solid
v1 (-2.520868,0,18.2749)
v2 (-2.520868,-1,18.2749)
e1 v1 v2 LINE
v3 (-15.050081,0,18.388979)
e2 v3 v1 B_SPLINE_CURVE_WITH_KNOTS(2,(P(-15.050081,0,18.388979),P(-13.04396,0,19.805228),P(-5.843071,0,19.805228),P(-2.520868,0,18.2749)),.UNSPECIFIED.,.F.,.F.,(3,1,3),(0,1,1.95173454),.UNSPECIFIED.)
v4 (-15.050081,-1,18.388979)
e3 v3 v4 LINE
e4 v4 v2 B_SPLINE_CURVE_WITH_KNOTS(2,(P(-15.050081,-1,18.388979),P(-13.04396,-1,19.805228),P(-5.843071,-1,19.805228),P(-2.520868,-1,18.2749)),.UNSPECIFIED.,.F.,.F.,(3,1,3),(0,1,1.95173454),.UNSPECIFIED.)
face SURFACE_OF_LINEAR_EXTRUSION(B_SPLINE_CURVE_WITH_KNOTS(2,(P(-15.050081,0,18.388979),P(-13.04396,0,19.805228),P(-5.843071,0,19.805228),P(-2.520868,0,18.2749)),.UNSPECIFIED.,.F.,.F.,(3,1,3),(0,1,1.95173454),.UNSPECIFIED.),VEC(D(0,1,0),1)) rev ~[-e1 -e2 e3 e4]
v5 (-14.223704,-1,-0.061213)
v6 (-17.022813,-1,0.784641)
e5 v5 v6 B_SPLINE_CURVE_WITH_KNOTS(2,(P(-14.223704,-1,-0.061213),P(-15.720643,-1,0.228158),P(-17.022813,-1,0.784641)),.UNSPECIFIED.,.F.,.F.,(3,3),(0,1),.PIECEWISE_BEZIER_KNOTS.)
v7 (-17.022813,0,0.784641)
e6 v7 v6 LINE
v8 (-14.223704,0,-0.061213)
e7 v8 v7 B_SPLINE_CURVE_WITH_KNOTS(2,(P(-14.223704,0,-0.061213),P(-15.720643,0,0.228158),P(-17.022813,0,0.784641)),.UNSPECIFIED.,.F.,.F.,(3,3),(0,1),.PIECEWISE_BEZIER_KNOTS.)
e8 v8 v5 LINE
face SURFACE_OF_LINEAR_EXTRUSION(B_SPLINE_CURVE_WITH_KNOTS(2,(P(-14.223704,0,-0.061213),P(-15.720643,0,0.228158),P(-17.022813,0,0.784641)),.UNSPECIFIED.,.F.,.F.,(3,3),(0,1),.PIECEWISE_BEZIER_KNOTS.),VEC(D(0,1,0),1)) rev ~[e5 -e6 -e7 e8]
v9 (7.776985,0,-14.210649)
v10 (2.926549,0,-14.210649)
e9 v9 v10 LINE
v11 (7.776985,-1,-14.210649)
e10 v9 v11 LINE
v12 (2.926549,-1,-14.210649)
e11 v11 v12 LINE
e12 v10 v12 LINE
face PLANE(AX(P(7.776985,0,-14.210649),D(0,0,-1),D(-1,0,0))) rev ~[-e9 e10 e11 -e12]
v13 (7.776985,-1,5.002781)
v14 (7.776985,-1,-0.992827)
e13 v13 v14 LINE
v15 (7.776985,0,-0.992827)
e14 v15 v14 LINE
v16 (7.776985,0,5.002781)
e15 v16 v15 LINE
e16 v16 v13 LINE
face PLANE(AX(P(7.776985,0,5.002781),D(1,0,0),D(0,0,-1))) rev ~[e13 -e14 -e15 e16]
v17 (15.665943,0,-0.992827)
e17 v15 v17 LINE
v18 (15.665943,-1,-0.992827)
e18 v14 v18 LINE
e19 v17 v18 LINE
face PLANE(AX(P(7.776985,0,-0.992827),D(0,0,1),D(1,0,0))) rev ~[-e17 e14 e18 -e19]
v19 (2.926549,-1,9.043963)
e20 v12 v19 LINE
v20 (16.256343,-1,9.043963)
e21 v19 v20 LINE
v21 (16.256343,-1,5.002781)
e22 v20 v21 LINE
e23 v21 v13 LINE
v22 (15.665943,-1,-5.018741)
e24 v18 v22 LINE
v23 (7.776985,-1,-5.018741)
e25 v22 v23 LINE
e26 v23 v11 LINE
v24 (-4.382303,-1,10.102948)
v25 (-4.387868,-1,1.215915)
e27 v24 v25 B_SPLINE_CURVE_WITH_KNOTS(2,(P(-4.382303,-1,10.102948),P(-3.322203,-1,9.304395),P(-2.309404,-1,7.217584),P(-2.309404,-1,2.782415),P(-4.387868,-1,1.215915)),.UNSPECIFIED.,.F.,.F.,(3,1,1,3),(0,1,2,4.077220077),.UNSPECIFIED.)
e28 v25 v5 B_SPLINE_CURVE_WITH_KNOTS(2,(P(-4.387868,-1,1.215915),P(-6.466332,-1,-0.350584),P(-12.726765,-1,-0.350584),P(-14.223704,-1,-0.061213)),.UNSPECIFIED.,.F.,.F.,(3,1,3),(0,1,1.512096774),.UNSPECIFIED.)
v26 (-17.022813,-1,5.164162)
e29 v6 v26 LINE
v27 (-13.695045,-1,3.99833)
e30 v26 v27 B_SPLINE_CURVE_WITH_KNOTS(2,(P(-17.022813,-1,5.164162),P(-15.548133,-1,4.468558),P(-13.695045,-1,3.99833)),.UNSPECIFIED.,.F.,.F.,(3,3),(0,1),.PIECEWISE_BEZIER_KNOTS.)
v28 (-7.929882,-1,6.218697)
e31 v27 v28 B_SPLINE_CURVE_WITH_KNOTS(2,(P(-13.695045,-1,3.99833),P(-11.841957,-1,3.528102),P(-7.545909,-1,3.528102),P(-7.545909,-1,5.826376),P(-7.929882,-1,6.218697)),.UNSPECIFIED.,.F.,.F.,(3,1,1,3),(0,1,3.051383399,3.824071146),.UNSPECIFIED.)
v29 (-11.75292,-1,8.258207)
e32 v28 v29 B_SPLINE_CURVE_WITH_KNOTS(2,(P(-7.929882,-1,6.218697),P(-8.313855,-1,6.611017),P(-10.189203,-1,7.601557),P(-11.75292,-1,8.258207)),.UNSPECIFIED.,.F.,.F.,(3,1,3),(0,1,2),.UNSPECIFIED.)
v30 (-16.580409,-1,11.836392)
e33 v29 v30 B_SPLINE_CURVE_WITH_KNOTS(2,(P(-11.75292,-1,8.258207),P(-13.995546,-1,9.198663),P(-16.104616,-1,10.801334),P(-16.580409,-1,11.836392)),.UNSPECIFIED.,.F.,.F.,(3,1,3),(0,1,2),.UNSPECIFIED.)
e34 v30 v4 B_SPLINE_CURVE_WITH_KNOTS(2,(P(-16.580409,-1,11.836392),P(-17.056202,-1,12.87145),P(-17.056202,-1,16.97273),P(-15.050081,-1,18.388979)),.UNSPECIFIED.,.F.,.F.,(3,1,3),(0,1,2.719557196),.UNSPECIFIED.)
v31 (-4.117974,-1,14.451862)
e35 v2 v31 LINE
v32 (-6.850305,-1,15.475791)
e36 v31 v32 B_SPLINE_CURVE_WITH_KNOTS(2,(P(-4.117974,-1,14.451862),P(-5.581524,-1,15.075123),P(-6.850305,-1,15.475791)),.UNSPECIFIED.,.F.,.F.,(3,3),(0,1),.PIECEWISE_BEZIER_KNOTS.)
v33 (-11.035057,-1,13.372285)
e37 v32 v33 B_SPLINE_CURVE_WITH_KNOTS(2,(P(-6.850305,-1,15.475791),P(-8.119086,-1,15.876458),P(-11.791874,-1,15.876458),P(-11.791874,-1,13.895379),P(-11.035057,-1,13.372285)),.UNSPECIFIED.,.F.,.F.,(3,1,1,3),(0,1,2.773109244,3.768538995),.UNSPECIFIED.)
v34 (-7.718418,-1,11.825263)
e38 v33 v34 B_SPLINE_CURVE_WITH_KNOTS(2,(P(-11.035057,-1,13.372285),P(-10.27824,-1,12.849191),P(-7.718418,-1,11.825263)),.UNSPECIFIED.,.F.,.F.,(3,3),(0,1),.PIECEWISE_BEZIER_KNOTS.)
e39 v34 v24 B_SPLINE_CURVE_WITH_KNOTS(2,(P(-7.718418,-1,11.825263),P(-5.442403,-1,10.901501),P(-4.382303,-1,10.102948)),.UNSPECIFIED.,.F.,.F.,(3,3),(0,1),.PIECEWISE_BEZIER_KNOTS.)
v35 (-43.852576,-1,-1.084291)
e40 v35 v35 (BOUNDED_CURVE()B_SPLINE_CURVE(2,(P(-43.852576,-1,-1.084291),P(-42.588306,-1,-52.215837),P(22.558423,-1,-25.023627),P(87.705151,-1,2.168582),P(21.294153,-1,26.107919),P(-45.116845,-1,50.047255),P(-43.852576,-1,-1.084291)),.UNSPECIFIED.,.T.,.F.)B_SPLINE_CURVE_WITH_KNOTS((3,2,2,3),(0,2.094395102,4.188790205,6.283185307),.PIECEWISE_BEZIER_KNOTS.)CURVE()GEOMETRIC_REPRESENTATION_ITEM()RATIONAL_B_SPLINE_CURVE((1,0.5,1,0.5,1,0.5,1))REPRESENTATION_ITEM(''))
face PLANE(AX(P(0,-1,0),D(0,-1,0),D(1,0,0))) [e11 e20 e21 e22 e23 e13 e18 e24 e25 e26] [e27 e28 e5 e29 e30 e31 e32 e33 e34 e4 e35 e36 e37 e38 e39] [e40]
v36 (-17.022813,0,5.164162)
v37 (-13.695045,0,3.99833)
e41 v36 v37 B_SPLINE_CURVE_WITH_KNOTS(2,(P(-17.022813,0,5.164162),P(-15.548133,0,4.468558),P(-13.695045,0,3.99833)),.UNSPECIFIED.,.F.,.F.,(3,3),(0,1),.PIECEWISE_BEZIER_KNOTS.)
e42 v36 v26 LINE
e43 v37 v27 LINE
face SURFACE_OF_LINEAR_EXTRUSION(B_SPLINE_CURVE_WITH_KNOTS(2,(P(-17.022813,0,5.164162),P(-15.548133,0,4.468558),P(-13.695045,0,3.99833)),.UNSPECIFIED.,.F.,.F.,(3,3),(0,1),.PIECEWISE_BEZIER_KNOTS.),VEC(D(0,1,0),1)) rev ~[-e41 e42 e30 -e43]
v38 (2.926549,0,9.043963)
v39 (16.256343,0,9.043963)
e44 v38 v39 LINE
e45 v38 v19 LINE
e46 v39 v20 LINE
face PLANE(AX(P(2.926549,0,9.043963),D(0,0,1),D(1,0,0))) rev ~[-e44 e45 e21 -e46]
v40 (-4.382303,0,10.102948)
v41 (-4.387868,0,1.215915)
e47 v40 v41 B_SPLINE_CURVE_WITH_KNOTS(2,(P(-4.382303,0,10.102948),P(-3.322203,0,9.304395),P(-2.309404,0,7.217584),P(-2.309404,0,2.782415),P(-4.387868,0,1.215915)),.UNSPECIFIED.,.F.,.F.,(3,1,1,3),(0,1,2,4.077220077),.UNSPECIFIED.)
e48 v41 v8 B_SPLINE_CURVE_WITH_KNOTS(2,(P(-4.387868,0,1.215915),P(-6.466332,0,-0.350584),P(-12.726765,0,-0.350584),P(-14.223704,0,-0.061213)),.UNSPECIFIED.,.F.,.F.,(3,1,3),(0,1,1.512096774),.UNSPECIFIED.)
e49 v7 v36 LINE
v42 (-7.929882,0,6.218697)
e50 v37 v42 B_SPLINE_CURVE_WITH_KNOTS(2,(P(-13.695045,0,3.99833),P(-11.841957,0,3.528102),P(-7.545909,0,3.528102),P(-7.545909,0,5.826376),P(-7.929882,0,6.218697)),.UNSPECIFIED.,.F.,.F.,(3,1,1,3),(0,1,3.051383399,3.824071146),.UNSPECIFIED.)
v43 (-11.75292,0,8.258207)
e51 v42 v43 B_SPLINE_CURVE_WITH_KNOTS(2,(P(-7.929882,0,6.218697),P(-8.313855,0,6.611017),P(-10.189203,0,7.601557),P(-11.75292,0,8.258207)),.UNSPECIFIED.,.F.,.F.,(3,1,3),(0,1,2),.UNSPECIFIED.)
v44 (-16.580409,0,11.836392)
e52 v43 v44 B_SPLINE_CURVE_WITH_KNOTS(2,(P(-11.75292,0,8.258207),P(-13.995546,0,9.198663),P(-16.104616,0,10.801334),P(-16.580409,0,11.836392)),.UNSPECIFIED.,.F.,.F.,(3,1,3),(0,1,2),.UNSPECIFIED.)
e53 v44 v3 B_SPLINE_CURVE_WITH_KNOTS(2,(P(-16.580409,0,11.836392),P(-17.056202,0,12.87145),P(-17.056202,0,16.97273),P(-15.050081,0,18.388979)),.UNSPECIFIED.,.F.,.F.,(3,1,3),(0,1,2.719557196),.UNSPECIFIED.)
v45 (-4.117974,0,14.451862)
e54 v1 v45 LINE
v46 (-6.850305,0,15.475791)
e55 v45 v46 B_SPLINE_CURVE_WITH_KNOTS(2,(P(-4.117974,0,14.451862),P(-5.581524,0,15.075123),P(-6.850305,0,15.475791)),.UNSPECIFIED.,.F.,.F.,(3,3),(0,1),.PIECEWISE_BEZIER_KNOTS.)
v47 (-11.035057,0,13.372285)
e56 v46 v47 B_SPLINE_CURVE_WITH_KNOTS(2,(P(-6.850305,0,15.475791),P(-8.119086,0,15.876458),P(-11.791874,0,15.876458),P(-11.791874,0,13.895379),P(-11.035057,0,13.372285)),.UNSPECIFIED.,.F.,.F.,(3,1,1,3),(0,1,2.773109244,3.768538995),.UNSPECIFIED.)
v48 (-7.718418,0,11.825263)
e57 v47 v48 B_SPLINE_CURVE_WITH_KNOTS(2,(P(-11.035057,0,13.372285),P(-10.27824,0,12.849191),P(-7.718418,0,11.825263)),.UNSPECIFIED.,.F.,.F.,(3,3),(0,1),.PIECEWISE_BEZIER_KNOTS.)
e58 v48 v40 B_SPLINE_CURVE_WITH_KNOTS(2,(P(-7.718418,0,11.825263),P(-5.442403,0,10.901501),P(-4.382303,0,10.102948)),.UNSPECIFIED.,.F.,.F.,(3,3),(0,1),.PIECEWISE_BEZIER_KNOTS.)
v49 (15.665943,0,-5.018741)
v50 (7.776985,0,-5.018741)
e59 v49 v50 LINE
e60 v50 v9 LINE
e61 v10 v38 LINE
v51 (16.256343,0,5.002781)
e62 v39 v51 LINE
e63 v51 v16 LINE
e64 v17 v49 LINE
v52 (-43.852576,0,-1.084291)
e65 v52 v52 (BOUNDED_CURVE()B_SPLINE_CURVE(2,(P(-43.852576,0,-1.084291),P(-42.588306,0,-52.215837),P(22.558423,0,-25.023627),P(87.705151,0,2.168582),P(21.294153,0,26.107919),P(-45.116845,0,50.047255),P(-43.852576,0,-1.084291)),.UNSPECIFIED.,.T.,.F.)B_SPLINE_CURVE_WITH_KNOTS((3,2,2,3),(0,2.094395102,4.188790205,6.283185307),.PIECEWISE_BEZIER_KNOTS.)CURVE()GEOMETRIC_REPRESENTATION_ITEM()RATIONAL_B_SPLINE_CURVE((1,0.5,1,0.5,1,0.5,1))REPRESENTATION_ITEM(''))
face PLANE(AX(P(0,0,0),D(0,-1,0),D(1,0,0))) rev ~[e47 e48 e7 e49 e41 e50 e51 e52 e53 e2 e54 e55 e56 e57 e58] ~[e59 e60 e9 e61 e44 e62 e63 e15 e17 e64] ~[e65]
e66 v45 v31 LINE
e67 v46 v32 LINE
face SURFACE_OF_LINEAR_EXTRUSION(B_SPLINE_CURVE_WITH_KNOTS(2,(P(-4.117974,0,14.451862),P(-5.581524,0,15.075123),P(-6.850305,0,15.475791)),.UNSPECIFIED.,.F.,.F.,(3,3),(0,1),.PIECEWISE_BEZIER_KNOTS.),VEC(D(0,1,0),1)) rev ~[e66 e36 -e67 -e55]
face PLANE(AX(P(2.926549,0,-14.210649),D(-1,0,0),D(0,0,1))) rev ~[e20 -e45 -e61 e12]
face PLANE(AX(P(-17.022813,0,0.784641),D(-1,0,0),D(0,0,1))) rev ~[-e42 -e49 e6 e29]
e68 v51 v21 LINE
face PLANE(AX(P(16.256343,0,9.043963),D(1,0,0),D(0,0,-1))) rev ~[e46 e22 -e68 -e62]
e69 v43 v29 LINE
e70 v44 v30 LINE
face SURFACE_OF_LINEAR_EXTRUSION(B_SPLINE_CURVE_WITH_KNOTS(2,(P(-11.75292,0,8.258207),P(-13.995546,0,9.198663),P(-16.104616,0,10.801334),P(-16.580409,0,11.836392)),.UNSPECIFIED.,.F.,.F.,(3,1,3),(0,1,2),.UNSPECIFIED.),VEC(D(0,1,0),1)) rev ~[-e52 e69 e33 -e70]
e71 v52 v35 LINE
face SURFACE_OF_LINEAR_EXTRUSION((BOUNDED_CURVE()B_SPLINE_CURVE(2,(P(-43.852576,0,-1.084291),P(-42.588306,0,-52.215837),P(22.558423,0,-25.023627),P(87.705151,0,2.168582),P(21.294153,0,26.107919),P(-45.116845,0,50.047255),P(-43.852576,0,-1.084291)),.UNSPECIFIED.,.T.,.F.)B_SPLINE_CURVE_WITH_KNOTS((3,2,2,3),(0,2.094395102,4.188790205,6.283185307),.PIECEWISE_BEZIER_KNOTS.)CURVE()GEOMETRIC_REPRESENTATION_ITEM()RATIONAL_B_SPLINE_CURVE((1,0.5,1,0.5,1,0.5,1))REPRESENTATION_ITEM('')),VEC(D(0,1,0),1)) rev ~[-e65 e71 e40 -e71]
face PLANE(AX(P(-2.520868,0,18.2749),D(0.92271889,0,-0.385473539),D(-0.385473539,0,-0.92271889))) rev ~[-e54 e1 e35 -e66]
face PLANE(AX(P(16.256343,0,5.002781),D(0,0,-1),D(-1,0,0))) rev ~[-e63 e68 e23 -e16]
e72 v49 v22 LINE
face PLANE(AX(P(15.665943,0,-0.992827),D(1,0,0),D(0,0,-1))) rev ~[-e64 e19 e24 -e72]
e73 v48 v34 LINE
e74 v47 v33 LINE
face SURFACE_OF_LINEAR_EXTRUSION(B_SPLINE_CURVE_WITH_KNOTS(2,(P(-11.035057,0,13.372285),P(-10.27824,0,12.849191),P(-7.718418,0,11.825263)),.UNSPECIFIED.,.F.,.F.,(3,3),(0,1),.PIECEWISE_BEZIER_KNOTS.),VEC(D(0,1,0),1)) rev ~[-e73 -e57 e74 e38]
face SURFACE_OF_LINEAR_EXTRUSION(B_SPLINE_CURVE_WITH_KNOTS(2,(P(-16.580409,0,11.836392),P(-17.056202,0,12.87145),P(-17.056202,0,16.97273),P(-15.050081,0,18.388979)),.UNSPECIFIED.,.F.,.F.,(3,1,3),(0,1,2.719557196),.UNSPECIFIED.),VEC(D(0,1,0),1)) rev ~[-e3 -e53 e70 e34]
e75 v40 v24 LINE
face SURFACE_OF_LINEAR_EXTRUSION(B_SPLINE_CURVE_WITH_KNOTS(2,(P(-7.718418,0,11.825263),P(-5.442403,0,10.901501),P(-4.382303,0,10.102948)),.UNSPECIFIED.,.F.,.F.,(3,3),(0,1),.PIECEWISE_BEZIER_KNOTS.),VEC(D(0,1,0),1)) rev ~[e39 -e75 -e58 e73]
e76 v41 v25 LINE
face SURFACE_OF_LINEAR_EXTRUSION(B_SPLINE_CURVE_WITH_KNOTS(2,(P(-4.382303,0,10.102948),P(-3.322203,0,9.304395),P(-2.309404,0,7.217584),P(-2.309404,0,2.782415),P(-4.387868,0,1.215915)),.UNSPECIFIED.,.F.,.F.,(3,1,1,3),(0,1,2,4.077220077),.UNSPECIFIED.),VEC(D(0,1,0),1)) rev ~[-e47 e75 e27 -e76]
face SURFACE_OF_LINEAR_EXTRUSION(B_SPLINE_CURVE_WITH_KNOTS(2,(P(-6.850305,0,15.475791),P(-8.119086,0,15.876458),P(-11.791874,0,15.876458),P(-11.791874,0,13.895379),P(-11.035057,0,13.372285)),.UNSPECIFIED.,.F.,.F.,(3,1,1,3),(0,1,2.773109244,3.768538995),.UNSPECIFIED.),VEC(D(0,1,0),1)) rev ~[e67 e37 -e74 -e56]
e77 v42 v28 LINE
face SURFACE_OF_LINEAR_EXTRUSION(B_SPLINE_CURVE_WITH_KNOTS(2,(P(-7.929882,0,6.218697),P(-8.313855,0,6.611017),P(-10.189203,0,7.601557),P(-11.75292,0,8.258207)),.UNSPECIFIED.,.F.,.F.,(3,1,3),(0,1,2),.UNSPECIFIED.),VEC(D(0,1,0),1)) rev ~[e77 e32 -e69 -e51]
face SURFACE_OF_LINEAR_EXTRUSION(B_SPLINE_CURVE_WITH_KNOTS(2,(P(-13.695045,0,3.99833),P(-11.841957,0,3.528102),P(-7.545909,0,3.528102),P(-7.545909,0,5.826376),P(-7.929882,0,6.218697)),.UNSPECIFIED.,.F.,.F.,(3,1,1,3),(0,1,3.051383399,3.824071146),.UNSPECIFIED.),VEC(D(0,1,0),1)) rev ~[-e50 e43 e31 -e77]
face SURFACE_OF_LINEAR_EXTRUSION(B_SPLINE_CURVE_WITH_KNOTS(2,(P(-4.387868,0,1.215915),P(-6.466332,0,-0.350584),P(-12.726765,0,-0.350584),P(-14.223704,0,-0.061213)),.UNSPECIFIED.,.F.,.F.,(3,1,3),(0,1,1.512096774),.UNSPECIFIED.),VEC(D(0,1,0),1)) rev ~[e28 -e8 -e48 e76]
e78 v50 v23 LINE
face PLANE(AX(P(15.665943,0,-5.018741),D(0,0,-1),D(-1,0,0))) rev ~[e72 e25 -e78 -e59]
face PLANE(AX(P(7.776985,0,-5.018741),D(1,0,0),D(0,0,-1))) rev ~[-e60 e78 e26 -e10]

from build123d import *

# Parameters (mm, degrees)
F1_DEPTH = 1


with BuildPart() as f1:
    # F0 (on Front) → F1 (new body)
    with BuildSketch(Plane.XZ):
        with BuildLine():
            add(Edge.make_bspline(
                [(-43.8525755348, -1.0842911587), (-42.5883058161, -52.2158372315), (22.5584226268, -25.0236274571), (87.7051510696, 2.1685823173), (21.294152908, 26.1079186158), (-45.1168452535, 50.0472549142), (-43.8525755348, -1.0842911587)],
                knots=[0, 0, 0, 2.0943951024, 2.0943951024, 4.1887902048, 4.1887902048, 6.2831853072, 6.2831853072, 6.2831853072], degree=2, weights=[1, 0.5, 1, 0.5, 1, 0.5, 1]))
        make_face()
        Polygon((7.776985474, -5.0187406021), (7.776985474, -14.210648826), (2.9265488531, -14.210648826), (2.9265488531, 9.0439628433), (16.2563426727, 9.0439628433), (16.2563426727, 5.002780601), (7.776985474, 5.002780601), (7.776985474, -0.9928273103), (15.6659432519, -0.9928273103), (15.6659432519, -5.0187406021), align=None, mode=Mode.SUBTRACT)
        with BuildLine():
            add(Edge.make_bspline(
                [(-2.8158036974, 8.260989306), (-2.3094042182, 7.2175837857), (-2.3094042182, 5.7762929603)],
                knots=[0, 0, 0, 1, 1, 1], degree=2))
            add(Edge.make_bspline(
                [(-2.3094042182, 5.7762929603), (-2.3094042182, 2.7824147208), (-4.3878680147, 1.215915233)],
                knots=[0, 0, 0, 1, 1, 1], degree=2))
            add(Edge.make_bspline(
                [(-4.3878680147, 1.215915233), (-6.4663318111, -0.3505842548), (-10.6065649156, -0.3505842548)],
                knots=[0, 0, 0, 1, 1, 1], degree=2))
            add(Edge.make_bspline(
                [(-10.6065649156, -0.3505842548), (-12.7267649329, -0.3505842548), (-14.2237040526, -0.0612131239)],
                knots=[0, 0, 0, 1, 1, 1], degree=2))
            add(Edge.make_bspline(
                [(-14.2237040526, -0.0612131239), (-15.7206431724, 0.2281580071), (-17.0228132617, 0.7846409513)],
                knots=[0, 0, 0, 1, 1, 1], degree=2))
            Line((-17.0228132617, 0.7846409513), (-17.0228132617, 5.1641617218))
            add(Edge.make_bspline(
                [(-17.0228132617, 5.1641617218), (-15.5481334597, 4.4685580416), (-13.6950452557, 3.9983299538)],
                knots=[0, 0, 0, 1, 1, 1], degree=2))
            add(Edge.make_bspline(
                [(-13.6950452557, 3.9983299538), (-11.8419570516, 3.528101866), (-10.4340552029, 3.528101866)],
                knots=[0, 0, 0, 1, 1, 1], degree=2))
            add(Edge.make_bspline(
                [(-10.4340552029, 3.528101866), (-7.5459087228, 3.528101866), (-7.5459087228, 5.1975506984)],
                knots=[0, 0, 0, 1, 1, 1], degree=2))
            add(Edge.make_bspline(
                [(-7.5459087228, 5.1975506984), (-7.5459087228, 5.8263764253), (-7.9298819542, 6.2186969009)],
                knots=[0, 0, 0, 1, 1, 1], degree=2))
            add(Edge.make_bspline(
                [(-7.9298819542, 6.2186969009), (-8.3138551857, 6.6110173766), (-9.2515289466, 7.1062871969)],
                knots=[0, 0, 0, 1, 1, 1], degree=2))
            add(Edge.make_bspline(
                [(-9.2515289466, 7.1062871969), (-10.1892027075, 7.6015570172), (-11.7529197806, 8.2582068913)],
                knots=[0, 0, 0, 1, 1, 1], degree=2))
            add(Edge.make_bspline(
                [(-11.7529197806, 8.2582068913), (-13.9955460455, 9.1986630669), (-15.0500812247, 9.9999985065)],
                knots=[0, 0, 0, 1, 1, 1], degree=2))
            add(Edge.make_bspline(
                [(-15.0500812247, 9.9999985065), (-16.1046164039, 10.8013339461), (-16.5804093211, 11.8363922222)],
                knots=[0, 0, 0, 1, 1, 1], degree=2))
            add(Edge.make_bspline(
                [(-16.5804093211, 11.8363922222), (-17.0562022384, 12.8714504983), (-17.0562022384, 14.379519277)],
                knots=[0, 0, 0, 1, 1, 1], degree=2))
            add(Edge.make_bspline(
                [(-17.0562022384, 14.379519277), (-17.0562022384, 16.9727297968), (-15.0500812247, 18.3889788896)],
                knots=[0, 0, 0, 1, 1, 1], degree=2))
            add(Edge.make_bspline(
                [(-15.0500812247, 18.3889788896), (-13.043960211, 19.8052279825), (-9.3544782913, 19.8052279825)],
                knots=[0, 0, 0, 1, 1, 1], degree=2))
            add(Edge.make_bspline(
                [(-9.3544782913, 19.8052279825), (-5.8430709136, 19.8052279825), (-2.520867737, 18.2748998861)],
                knots=[0, 0, 0, 1, 1, 1], degree=2))
            Line((-2.520867737, 18.2748998861), (-4.1179737868, 14.4518620597))
            add(Edge.make_bspline(
                [(-4.1179737868, 14.4518620597), (-5.5815239299, 15.0751229572), (-6.8503050426, 15.475790677)],
                knots=[0, 0, 0, 1, 1, 1], degree=2))
            add(Edge.make_bspline(
                [(-6.8503050426, 15.475790677), (-8.1190861552, 15.8764583968), (-9.4435155623, 15.8764583968)],
                knots=[0, 0, 0, 1, 1, 1], degree=2))
            add(Edge.make_bspline(
                [(-9.4435155623, 15.8764583968), (-11.7918735867, 15.8764583968), (-11.7918735867, 14.6076772841)],
                knots=[0, 0, 0, 1, 1, 1], degree=2))
            add(Edge.make_bspline(
                [(-11.7918735867, 14.6076772841), (-11.7918735867, 13.8953791156), (-11.0350567826, 13.3722851481)],
                knots=[0, 0, 0, 1, 1, 1], degree=2))
            add(Edge.make_bspline(
                [(-11.0350567826, 13.3722851481), (-10.2782399786, 12.8491911806), (-7.7184184354, 11.8252625633)],
                knots=[0, 0, 0, 1, 1, 1], degree=2))
            add(Edge.make_bspline(
                [(-7.7184184354, 11.8252625633), (-5.4424031938, 10.901500876), (-4.3823031852, 10.1029478512)],
                knots=[0, 0, 0, 1, 1, 1], degree=2))
            add(Edge.make_bspline(
                [(-4.3823031852, 10.1029478512), (-3.3222031766, 9.3043948263), (-2.8158036974, 8.260989306)],
                knots=[0, 0, 0, 1, 1, 1], degree=2))
        make_face(mode=Mode.SUBTRACT)
    extrude(amount=F1_DEPTH)


solid = f1.part
